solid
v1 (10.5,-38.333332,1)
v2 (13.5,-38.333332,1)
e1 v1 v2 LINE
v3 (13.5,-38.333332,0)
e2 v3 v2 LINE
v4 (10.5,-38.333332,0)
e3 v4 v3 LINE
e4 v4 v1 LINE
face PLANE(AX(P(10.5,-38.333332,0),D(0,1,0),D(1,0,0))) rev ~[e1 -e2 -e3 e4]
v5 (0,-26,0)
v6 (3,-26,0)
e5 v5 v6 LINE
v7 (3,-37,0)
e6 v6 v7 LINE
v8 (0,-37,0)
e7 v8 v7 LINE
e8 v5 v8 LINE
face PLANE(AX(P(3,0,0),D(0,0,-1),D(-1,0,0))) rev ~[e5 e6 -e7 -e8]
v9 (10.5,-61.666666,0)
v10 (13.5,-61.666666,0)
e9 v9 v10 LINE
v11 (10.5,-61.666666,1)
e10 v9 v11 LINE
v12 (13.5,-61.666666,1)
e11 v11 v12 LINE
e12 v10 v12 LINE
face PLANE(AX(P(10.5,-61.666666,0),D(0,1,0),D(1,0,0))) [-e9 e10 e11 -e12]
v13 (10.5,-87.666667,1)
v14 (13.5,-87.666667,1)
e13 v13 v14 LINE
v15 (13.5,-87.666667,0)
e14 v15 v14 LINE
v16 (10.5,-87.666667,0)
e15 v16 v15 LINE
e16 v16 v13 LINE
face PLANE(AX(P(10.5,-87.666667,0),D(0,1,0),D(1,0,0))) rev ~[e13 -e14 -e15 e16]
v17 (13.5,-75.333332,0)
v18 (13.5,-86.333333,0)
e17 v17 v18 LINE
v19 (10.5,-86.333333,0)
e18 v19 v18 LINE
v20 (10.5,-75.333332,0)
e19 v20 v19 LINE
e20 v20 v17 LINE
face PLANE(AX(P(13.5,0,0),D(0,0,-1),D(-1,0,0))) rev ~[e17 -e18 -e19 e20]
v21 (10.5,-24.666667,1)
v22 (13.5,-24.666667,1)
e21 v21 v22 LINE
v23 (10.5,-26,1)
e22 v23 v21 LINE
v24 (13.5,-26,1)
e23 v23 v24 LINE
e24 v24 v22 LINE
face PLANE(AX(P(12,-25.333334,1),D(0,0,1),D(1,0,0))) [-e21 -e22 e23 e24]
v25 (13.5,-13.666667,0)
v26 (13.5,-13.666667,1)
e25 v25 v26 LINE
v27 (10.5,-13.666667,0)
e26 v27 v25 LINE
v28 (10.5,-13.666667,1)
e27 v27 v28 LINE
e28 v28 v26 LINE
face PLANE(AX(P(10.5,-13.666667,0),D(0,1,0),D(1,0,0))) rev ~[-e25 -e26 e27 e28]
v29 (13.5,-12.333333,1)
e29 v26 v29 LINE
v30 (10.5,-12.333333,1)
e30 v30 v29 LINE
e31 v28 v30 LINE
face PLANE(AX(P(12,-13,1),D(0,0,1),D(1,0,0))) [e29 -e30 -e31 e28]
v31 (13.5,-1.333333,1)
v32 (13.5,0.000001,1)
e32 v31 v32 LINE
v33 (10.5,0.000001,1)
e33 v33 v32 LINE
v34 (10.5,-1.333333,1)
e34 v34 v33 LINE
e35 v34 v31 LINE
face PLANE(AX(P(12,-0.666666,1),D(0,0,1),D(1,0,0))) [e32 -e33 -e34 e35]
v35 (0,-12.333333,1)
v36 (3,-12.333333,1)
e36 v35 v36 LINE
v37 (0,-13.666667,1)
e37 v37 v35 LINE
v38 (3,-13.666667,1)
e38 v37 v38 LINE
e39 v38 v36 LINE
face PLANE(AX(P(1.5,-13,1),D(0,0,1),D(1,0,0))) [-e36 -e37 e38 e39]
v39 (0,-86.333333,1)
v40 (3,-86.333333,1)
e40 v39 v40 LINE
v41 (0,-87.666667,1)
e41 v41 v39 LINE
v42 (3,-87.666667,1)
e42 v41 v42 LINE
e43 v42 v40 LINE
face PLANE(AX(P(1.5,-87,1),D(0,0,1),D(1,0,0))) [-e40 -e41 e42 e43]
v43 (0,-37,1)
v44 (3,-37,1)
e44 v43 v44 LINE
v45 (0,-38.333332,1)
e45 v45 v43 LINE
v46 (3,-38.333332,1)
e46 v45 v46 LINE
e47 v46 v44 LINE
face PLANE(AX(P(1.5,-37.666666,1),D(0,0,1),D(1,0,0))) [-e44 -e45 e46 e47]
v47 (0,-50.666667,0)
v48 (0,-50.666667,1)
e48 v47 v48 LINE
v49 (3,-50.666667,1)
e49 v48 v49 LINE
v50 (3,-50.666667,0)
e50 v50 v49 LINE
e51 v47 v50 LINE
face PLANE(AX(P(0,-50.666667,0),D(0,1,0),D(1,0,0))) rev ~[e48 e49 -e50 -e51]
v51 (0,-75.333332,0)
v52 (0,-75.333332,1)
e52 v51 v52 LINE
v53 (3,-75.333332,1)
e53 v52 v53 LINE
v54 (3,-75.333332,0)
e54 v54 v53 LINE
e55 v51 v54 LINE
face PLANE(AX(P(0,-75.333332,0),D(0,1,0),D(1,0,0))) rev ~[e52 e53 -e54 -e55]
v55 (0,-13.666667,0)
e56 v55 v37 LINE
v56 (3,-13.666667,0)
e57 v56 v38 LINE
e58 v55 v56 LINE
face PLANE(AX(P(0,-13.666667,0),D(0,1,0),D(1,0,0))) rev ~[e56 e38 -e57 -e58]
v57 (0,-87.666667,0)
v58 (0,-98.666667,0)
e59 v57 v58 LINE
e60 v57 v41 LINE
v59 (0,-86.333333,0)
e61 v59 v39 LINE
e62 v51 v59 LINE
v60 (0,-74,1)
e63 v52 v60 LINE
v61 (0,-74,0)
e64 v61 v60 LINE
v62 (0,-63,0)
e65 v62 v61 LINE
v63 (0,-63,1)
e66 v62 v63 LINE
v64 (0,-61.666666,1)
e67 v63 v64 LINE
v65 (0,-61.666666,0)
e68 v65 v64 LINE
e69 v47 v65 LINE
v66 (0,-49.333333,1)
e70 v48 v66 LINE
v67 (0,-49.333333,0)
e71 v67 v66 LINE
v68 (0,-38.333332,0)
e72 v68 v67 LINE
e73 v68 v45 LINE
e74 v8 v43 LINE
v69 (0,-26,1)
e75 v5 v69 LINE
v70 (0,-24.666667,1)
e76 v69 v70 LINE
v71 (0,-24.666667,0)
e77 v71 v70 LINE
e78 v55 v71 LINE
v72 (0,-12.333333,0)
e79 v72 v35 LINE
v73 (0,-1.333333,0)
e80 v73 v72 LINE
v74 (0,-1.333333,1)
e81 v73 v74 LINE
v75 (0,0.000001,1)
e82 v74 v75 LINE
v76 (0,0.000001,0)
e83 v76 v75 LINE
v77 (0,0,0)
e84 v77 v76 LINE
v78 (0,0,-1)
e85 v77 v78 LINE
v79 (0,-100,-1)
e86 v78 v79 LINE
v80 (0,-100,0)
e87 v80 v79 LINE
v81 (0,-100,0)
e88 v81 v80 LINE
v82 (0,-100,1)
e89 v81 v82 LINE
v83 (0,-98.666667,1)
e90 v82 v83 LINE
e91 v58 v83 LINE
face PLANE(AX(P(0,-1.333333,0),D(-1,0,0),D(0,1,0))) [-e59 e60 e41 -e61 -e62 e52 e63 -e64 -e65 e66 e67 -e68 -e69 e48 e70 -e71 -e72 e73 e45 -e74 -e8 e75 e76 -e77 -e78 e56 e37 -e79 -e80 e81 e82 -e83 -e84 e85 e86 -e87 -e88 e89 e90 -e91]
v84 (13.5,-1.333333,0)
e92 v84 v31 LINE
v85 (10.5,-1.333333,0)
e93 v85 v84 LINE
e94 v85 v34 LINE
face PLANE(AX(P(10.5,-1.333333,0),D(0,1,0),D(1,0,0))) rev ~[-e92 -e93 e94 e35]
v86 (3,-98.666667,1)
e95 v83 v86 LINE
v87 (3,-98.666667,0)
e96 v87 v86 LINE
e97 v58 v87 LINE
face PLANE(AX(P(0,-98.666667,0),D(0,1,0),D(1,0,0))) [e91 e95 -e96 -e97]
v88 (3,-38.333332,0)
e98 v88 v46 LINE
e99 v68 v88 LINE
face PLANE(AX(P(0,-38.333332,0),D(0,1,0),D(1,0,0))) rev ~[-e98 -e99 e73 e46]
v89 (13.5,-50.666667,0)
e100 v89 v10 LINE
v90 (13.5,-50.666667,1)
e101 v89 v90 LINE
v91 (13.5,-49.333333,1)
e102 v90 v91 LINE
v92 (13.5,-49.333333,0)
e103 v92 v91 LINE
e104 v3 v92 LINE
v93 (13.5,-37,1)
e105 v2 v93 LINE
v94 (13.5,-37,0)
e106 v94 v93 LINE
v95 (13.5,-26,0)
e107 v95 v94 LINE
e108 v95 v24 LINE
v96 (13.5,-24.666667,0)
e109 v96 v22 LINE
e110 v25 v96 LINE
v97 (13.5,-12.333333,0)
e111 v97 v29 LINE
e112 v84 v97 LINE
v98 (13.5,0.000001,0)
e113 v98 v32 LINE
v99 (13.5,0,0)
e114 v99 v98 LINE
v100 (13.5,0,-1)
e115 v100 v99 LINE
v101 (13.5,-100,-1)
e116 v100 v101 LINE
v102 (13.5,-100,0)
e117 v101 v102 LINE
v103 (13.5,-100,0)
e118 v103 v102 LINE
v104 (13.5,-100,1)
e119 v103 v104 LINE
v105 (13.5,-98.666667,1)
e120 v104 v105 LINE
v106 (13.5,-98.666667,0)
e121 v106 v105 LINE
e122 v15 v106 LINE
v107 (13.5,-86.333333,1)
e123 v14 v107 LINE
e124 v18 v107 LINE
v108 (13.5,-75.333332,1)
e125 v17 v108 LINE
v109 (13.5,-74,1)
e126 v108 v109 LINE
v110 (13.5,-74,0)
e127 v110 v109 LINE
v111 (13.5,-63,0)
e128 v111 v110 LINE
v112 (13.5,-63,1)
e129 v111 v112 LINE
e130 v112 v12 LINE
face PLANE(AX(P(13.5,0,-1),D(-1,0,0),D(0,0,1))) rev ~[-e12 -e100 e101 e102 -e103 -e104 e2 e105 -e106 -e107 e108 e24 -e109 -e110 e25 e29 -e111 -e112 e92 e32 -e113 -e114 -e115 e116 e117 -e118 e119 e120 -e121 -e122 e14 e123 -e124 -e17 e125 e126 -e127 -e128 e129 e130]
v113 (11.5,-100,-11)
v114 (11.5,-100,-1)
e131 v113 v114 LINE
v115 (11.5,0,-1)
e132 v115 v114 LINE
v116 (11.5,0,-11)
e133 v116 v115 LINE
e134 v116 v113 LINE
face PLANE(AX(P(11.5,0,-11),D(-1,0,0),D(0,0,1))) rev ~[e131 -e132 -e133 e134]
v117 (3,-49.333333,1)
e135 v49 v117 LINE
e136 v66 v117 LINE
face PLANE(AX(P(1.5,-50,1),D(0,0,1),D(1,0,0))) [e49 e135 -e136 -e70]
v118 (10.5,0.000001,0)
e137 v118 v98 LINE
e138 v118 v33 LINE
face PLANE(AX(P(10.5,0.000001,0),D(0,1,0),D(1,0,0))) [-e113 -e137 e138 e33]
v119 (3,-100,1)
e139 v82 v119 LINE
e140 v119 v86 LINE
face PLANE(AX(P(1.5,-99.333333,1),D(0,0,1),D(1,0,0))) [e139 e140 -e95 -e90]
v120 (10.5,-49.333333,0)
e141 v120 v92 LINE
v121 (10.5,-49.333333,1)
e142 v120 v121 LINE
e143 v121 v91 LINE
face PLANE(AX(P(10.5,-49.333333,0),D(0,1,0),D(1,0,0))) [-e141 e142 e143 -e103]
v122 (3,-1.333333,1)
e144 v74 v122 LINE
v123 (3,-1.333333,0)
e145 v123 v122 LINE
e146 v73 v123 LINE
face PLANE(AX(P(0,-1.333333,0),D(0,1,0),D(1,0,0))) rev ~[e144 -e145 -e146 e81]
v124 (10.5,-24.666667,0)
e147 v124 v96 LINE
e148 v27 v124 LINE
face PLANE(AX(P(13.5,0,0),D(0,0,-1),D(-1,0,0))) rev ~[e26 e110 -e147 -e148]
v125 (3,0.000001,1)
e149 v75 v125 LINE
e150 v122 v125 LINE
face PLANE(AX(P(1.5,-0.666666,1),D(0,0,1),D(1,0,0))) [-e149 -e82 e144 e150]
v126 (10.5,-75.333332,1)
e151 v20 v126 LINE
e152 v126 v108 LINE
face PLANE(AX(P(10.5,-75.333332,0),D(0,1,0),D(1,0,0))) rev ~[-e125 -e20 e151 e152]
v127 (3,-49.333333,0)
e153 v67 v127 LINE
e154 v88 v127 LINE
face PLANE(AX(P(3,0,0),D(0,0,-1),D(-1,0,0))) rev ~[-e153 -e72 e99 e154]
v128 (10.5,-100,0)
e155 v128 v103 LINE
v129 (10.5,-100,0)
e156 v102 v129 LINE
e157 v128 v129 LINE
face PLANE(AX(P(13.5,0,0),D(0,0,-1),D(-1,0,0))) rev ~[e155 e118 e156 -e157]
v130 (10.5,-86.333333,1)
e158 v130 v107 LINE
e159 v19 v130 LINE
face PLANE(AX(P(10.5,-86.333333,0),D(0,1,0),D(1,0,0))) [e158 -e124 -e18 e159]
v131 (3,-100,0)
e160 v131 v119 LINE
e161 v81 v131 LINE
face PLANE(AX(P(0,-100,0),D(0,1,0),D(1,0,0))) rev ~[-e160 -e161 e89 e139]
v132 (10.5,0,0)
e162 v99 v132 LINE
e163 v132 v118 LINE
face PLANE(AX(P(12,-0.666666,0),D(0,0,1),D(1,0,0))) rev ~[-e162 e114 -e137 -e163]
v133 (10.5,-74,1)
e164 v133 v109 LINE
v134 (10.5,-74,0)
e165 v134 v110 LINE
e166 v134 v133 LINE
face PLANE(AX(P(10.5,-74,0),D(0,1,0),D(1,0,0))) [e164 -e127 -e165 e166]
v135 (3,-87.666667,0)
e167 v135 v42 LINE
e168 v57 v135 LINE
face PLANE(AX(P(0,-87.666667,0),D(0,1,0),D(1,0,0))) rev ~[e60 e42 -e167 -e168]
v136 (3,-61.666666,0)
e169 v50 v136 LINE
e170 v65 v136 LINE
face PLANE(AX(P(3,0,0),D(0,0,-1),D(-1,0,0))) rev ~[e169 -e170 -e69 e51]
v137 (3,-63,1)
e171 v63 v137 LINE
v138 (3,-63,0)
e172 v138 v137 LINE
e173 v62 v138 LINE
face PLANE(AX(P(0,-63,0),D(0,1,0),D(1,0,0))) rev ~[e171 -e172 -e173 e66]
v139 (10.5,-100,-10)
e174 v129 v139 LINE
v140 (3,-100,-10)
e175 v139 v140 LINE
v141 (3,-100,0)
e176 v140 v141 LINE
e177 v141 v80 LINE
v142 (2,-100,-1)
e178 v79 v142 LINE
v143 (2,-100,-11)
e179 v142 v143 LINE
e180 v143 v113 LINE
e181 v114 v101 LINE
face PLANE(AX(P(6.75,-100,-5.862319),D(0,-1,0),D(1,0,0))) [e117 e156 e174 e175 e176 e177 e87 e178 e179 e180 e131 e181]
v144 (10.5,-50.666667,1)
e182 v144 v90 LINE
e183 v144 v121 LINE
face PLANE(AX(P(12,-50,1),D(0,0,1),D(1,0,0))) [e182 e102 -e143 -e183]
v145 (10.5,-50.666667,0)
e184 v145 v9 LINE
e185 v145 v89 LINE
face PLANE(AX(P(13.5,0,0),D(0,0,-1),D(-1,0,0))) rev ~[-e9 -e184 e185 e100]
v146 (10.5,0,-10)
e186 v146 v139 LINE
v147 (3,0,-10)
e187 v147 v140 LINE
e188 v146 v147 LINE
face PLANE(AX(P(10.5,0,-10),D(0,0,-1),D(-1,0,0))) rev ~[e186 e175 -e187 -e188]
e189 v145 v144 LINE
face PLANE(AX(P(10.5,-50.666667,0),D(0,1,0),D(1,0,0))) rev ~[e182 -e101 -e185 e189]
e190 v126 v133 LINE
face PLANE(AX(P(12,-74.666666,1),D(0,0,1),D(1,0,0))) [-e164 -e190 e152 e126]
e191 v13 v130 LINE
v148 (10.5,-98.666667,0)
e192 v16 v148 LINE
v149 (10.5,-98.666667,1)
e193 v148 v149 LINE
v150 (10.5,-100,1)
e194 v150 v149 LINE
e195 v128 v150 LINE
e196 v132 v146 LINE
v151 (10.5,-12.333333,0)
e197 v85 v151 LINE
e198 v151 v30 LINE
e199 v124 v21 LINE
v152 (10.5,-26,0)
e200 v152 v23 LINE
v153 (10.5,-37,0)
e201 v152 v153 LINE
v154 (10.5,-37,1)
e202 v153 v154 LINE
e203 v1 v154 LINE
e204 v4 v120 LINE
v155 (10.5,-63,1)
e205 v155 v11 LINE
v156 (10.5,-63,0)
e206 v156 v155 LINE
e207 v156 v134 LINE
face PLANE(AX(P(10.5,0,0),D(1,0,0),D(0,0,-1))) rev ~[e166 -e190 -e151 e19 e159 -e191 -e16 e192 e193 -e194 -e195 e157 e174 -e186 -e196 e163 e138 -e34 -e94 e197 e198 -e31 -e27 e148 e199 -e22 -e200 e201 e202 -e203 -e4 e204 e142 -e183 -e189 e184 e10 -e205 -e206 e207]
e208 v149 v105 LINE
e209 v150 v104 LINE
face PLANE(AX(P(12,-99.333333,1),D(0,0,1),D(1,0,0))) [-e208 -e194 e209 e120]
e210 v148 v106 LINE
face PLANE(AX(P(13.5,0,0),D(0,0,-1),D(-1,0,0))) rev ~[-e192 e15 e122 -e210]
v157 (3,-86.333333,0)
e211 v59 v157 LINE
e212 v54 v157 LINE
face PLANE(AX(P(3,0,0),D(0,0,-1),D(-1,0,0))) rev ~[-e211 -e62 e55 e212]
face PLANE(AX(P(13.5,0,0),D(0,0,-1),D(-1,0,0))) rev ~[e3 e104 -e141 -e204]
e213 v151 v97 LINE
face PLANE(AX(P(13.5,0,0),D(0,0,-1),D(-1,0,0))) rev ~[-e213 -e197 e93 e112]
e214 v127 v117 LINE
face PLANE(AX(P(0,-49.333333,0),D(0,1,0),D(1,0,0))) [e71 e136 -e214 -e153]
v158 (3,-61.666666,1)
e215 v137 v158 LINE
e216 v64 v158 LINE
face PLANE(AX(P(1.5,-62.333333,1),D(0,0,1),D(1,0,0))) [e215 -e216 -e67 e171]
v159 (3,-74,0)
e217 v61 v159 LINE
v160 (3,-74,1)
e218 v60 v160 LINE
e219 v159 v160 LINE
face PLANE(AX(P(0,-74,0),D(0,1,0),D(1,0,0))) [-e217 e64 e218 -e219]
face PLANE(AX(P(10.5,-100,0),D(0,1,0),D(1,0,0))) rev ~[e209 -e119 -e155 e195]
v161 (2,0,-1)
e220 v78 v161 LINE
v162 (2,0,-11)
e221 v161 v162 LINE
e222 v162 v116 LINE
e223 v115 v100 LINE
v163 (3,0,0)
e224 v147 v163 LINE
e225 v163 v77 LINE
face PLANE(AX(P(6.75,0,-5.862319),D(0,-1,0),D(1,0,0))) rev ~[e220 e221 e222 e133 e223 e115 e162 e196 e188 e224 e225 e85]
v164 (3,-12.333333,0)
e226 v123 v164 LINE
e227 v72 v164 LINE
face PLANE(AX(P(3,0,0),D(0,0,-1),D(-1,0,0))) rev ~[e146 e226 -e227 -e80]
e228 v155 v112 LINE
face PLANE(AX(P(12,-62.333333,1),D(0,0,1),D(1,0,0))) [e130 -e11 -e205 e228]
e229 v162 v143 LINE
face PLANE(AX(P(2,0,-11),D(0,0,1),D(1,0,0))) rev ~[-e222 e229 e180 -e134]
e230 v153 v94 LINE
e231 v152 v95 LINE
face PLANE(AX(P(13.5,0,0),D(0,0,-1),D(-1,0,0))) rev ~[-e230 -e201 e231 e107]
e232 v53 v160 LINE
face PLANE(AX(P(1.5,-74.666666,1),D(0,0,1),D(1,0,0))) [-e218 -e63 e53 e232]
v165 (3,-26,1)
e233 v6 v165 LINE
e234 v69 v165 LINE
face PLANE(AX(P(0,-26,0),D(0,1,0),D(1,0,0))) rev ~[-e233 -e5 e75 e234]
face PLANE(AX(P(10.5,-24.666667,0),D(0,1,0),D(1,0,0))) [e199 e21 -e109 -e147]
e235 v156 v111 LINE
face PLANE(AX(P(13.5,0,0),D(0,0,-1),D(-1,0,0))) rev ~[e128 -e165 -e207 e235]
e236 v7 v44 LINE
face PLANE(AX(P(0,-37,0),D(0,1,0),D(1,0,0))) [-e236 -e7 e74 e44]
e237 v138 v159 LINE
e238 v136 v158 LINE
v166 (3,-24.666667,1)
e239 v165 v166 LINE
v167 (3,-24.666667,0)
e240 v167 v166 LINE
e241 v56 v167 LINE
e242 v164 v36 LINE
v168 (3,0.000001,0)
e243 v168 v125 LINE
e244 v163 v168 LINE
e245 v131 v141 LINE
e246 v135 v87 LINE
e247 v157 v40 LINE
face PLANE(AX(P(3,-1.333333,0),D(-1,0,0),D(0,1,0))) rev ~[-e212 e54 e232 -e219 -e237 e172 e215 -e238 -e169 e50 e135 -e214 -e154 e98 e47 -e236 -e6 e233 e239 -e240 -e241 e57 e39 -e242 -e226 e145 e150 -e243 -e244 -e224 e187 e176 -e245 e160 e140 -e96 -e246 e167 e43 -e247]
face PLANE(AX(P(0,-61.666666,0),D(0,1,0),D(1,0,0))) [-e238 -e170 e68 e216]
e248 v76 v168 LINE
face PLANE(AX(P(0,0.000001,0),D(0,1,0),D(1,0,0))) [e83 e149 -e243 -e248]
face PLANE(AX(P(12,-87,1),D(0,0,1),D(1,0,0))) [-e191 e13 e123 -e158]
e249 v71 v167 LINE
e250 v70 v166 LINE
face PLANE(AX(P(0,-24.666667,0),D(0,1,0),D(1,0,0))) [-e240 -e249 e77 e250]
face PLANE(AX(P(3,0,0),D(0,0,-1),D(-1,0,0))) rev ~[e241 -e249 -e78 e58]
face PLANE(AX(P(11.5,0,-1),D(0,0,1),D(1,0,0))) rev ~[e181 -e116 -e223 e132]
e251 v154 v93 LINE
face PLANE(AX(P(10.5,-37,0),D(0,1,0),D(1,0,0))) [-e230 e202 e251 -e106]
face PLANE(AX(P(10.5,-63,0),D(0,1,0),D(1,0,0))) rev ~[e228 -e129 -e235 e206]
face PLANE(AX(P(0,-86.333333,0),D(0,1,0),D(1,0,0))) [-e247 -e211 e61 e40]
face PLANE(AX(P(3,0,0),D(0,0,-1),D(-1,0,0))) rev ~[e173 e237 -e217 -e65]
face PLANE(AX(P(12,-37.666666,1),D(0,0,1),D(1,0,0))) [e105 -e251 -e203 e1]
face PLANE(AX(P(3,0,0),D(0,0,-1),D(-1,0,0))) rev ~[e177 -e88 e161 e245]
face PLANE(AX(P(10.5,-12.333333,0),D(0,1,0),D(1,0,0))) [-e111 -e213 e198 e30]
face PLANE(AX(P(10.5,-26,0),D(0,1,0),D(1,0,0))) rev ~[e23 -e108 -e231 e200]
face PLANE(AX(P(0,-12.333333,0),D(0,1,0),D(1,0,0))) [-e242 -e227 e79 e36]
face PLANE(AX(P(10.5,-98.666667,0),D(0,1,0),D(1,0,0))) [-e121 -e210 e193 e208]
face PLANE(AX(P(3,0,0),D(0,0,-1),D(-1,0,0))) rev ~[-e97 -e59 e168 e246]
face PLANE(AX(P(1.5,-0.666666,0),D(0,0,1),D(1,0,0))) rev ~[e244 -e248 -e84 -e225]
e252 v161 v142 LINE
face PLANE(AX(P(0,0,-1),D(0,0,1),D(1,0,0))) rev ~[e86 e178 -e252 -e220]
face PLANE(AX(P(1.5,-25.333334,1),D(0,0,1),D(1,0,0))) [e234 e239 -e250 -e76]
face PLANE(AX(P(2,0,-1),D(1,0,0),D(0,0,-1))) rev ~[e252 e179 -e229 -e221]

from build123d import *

# Parameters (mm, degrees)
F1_DEPTH = 100
F2_W     = 3
F2_H     = 1.333333
F2_H_2   = 1.333334
F3_DEPTH = 1


with BuildPart() as f1:
    # F0 (on Front) → F1 (new body)
    with BuildSketch(Plane.XZ):
        Polygon((3, 0), (0, 0), (0, -1), (2, -1), (2, -11), (11.5, -11), (11.5, -1), (13.5, -1), (13.5, 0), (10.5, 0), (10.5, -10), (3, -10), align=None)
    extrude(amount=F1_DEPTH)

    # F2 (on face) → F3 (join)
    with BuildSketch(Plane.XY):
        with Locations((1.5, -0.666666)):
            Rectangle(F2_W, F2_H)
        with Locations((12, -0.666666)):
            Rectangle(F2_W, F2_H)
        with Locations((1.5, -13)):
            Rectangle(F2_W, F2_H_2)
        with Locations((12, -13)):
            Rectangle(F2_W, F2_H_2)
        with Locations((1.5, -25.333334)):
            Rectangle(F2_W, F2_H)
        with Locations((12, -25.333334)):
            Rectangle(F2_W, F2_H)
        with Locations((1.5, -37.666666)):
            Rectangle(F2_W, F2_H)
        with Locations((12, -37.666666)):
            Rectangle(F2_W, F2_H)
        with Locations((1.5, -50)):
            Rectangle(F2_W, F2_H_2)
        with Locations((12, -50)):
            Rectangle(F2_W, F2_H_2)
        with Locations((1.5, -62.333333)):
            Rectangle(F2_W, F2_H)
        with Locations((12, -62.333333)):
            Rectangle(F2_W, F2_H)
        with Locations((1.5, -74.666666)):
            Rectangle(F2_W, F2_H)
        with Locations((12, -74.666666)):
            Rectangle(F2_W, F2_H)
        with Locations((1.5, -87)):
            Rectangle(F2_W, F2_H_2)
        with Locations((12, -87)):
            Rectangle(F2_W, F2_H_2)
        with Locations((1.5, -99.333333)):
            Rectangle(F2_W, F2_H)
        with Locations((12, -99.333333)):
            Rectangle(F2_W, F2_H)
    extrude(amount=F3_DEPTH)


solid = f1.part
